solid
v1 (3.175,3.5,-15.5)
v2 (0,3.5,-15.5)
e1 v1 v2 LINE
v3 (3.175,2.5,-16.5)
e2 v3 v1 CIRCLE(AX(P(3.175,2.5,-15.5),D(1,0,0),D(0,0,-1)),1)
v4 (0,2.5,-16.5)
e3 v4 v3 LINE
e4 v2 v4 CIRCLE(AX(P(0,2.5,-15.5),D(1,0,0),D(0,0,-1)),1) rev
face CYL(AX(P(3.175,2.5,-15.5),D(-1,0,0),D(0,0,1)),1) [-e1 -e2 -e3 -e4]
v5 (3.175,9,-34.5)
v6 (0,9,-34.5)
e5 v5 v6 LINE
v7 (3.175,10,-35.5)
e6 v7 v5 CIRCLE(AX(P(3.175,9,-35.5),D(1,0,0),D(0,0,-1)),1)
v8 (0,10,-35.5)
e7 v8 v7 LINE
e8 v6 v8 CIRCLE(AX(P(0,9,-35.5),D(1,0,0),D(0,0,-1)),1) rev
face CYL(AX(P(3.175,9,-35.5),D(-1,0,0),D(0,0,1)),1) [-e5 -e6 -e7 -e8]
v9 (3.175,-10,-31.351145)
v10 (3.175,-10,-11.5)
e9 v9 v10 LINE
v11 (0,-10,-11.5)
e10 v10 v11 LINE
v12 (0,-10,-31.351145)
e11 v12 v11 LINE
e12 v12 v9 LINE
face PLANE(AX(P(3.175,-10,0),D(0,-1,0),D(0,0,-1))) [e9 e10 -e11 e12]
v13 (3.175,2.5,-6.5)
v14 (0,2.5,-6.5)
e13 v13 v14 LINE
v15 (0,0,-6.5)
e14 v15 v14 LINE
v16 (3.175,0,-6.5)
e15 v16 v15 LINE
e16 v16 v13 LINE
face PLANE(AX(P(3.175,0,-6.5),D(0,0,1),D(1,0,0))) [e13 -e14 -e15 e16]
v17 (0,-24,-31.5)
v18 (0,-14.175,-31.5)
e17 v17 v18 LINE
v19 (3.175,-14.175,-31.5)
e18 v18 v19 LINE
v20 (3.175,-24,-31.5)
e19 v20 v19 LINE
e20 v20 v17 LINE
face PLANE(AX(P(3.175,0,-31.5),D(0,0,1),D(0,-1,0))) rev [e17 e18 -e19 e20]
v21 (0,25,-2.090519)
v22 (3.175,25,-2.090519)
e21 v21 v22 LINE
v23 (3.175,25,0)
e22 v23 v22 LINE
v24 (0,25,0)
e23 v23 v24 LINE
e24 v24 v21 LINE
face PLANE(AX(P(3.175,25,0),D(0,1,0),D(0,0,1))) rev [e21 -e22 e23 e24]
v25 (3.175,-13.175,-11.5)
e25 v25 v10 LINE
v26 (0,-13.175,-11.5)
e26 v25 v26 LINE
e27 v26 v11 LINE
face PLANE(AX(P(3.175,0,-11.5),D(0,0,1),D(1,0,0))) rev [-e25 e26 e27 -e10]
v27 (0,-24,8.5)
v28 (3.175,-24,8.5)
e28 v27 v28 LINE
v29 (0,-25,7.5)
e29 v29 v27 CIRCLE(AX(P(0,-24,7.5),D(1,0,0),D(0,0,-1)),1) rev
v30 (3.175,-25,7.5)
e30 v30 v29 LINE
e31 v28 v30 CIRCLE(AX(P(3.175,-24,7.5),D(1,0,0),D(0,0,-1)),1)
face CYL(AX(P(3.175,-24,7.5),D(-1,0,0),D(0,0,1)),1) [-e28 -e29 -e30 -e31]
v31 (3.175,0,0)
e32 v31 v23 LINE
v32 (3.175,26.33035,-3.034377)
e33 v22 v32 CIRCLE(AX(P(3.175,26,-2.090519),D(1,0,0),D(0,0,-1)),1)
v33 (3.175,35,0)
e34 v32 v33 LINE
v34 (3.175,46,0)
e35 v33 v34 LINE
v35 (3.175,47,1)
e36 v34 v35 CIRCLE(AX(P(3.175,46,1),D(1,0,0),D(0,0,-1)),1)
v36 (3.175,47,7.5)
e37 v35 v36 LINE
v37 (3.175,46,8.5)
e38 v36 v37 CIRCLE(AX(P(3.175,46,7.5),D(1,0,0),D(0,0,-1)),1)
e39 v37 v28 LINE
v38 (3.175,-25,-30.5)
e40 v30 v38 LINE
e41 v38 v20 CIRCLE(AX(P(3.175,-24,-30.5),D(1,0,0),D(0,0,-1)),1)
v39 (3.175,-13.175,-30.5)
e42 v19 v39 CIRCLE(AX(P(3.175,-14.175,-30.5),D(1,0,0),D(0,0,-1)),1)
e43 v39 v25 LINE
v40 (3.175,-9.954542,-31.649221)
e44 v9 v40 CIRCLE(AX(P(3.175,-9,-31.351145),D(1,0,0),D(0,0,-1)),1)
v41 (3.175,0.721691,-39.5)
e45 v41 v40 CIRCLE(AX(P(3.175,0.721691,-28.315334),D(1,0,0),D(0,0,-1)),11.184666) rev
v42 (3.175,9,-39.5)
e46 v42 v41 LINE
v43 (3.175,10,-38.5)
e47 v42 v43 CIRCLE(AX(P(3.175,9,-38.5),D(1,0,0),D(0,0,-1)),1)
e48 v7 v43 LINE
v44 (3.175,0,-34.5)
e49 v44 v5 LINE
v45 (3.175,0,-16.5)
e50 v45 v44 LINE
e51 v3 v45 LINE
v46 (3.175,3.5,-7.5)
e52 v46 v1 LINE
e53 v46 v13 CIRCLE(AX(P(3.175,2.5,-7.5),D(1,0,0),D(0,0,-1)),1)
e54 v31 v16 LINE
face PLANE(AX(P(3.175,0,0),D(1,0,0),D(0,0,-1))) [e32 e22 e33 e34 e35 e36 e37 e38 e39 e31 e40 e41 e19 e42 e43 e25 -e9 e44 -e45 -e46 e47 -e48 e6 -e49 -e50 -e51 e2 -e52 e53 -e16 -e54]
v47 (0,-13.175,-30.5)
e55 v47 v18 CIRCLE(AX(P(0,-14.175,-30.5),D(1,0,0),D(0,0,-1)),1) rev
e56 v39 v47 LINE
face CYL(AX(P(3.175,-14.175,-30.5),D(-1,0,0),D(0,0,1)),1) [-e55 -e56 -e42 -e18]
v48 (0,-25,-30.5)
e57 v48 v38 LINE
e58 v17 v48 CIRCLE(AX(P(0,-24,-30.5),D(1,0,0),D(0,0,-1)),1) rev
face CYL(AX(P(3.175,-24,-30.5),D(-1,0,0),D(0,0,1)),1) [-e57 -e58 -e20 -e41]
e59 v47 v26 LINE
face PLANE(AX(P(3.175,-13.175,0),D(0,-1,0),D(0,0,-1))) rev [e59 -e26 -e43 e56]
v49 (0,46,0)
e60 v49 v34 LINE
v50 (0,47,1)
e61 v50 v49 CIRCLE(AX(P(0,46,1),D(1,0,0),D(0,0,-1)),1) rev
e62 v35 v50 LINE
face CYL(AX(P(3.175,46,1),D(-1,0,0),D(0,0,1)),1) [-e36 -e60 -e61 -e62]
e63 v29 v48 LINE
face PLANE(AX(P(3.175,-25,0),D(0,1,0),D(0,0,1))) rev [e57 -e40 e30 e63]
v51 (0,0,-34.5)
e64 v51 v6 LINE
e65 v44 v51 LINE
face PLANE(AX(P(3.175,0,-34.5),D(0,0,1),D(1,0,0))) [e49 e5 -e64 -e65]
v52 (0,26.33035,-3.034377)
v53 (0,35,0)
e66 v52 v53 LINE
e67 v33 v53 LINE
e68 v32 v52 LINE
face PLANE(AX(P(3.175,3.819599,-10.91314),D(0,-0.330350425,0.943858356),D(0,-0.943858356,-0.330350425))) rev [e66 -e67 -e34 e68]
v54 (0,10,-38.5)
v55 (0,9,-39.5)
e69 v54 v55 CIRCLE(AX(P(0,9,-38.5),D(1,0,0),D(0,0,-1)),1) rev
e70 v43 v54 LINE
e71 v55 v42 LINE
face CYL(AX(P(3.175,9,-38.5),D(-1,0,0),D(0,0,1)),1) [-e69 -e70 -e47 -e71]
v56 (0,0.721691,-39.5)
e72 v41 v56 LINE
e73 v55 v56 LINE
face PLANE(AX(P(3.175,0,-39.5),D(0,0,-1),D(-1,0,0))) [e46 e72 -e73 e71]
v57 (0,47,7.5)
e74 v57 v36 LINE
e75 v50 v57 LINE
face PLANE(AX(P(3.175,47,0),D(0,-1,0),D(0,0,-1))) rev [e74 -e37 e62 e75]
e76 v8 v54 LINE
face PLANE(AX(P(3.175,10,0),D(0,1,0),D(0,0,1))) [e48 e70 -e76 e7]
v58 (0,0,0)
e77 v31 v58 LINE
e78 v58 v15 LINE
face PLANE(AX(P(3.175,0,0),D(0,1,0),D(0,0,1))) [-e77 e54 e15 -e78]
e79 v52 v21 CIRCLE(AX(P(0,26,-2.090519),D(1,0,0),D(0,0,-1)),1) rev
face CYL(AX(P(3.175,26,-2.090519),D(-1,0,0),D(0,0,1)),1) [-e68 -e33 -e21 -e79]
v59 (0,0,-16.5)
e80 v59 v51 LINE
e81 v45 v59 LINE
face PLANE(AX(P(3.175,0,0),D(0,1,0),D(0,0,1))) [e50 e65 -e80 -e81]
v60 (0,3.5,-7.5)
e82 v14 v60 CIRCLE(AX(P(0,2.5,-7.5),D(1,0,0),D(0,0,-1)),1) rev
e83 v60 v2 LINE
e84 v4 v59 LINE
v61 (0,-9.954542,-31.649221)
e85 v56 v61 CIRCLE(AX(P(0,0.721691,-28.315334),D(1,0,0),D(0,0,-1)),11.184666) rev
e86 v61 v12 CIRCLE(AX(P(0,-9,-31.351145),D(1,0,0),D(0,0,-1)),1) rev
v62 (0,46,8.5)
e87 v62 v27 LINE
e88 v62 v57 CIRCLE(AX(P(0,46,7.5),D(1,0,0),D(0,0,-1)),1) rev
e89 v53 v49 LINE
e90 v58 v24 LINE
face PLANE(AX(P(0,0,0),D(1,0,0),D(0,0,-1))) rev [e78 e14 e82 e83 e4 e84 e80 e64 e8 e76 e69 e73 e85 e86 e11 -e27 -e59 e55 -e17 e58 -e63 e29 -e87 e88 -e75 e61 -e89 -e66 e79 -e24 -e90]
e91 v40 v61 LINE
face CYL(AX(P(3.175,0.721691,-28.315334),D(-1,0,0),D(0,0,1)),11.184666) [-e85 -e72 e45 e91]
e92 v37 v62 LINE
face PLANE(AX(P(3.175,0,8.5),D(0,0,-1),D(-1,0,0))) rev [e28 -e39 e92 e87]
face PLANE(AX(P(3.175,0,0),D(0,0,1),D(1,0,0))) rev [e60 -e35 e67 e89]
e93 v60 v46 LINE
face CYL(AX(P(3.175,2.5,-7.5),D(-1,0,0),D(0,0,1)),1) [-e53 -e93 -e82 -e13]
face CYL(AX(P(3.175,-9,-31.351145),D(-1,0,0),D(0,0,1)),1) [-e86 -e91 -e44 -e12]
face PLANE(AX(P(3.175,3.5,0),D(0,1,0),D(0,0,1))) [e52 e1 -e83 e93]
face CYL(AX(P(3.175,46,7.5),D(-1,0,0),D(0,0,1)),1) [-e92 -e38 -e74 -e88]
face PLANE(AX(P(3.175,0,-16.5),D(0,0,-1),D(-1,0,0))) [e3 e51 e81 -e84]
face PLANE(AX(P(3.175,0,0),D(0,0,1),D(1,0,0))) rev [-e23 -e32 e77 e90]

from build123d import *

# Parameters (mm, degrees)
BOSS_EXTRUDE1_DEPTH = 3.175
FILLET1_R           = 1


with BuildPart() as part:
    # Sketch1 → Boss-Extrude1 (new body)
    with BuildSketch(Plane(origin=(0, 0, 0), x_dir=(0, 0, -1), z_dir=(1, 0, 0))):
        with BuildLine():
            Line((6.5, 0), (0, 0))
            Line((0, 0), (0, 25))
            Line((0, 25), (3.5, 25))
            Line((3.5, 25), (0, 35))
            Line((0, 35), (0, 47))
            Line((0, 47), (-8.5, 47))
            Line((-8.5, 47), (-8.5, -25))
            Line((-8.5, -25), (31.5, -25))
            Line((31.5, -25), (31.5, -13.175))
            Line((31.5, -13.175), (11.5, -13.175))
            Line((11.5, -13.175), (11.5, -10))
            Line((11.5, -10), (31.5, -10))
            ThreePointArc((31.5, -10), (37.279601373, -5.967005826), (39.5, 0.721690905))
            Line((39.5, 0.721690905), (39.5, 10))
            Line((39.5, 10), (34.5, 10))
            Line((34.5, 10), (34.5, 0))
            Line((34.5, 0), (16.5, 0))
            Line((16.5, 0), (16.5, 3.5))
            Line((16.5, 3.5), (6.5, 3.5))
            Line((6.5, 3.5), (6.5, 0))
        make_face()
    extrude(amount=BOSS_EXTRUDE1_DEPTH)

    # Fillet1
    fillet1_edges = [part.edges().sort_by_distance(p)[0] for p in [
        (1.5875, -10, -31.5),
        (1.5875, -13.175, -31.5),
        (1.5875, -25, -31.5),
        (1.5875, -25, 8.5),
        (1.5875, 47, 8.5),
        (1.5875, 47, 0),
        (1.5875, 25, -3.5),
        (1.5875, 3.5, -6.5),
        (1.5875, 3.5, -16.5),
        (1.5875, 10, -34.5),
        (1.5875, 10, -39.5),
    ]]
    fillet(fillet1_edges, radius=FILLET1_R)


solid = part.part
